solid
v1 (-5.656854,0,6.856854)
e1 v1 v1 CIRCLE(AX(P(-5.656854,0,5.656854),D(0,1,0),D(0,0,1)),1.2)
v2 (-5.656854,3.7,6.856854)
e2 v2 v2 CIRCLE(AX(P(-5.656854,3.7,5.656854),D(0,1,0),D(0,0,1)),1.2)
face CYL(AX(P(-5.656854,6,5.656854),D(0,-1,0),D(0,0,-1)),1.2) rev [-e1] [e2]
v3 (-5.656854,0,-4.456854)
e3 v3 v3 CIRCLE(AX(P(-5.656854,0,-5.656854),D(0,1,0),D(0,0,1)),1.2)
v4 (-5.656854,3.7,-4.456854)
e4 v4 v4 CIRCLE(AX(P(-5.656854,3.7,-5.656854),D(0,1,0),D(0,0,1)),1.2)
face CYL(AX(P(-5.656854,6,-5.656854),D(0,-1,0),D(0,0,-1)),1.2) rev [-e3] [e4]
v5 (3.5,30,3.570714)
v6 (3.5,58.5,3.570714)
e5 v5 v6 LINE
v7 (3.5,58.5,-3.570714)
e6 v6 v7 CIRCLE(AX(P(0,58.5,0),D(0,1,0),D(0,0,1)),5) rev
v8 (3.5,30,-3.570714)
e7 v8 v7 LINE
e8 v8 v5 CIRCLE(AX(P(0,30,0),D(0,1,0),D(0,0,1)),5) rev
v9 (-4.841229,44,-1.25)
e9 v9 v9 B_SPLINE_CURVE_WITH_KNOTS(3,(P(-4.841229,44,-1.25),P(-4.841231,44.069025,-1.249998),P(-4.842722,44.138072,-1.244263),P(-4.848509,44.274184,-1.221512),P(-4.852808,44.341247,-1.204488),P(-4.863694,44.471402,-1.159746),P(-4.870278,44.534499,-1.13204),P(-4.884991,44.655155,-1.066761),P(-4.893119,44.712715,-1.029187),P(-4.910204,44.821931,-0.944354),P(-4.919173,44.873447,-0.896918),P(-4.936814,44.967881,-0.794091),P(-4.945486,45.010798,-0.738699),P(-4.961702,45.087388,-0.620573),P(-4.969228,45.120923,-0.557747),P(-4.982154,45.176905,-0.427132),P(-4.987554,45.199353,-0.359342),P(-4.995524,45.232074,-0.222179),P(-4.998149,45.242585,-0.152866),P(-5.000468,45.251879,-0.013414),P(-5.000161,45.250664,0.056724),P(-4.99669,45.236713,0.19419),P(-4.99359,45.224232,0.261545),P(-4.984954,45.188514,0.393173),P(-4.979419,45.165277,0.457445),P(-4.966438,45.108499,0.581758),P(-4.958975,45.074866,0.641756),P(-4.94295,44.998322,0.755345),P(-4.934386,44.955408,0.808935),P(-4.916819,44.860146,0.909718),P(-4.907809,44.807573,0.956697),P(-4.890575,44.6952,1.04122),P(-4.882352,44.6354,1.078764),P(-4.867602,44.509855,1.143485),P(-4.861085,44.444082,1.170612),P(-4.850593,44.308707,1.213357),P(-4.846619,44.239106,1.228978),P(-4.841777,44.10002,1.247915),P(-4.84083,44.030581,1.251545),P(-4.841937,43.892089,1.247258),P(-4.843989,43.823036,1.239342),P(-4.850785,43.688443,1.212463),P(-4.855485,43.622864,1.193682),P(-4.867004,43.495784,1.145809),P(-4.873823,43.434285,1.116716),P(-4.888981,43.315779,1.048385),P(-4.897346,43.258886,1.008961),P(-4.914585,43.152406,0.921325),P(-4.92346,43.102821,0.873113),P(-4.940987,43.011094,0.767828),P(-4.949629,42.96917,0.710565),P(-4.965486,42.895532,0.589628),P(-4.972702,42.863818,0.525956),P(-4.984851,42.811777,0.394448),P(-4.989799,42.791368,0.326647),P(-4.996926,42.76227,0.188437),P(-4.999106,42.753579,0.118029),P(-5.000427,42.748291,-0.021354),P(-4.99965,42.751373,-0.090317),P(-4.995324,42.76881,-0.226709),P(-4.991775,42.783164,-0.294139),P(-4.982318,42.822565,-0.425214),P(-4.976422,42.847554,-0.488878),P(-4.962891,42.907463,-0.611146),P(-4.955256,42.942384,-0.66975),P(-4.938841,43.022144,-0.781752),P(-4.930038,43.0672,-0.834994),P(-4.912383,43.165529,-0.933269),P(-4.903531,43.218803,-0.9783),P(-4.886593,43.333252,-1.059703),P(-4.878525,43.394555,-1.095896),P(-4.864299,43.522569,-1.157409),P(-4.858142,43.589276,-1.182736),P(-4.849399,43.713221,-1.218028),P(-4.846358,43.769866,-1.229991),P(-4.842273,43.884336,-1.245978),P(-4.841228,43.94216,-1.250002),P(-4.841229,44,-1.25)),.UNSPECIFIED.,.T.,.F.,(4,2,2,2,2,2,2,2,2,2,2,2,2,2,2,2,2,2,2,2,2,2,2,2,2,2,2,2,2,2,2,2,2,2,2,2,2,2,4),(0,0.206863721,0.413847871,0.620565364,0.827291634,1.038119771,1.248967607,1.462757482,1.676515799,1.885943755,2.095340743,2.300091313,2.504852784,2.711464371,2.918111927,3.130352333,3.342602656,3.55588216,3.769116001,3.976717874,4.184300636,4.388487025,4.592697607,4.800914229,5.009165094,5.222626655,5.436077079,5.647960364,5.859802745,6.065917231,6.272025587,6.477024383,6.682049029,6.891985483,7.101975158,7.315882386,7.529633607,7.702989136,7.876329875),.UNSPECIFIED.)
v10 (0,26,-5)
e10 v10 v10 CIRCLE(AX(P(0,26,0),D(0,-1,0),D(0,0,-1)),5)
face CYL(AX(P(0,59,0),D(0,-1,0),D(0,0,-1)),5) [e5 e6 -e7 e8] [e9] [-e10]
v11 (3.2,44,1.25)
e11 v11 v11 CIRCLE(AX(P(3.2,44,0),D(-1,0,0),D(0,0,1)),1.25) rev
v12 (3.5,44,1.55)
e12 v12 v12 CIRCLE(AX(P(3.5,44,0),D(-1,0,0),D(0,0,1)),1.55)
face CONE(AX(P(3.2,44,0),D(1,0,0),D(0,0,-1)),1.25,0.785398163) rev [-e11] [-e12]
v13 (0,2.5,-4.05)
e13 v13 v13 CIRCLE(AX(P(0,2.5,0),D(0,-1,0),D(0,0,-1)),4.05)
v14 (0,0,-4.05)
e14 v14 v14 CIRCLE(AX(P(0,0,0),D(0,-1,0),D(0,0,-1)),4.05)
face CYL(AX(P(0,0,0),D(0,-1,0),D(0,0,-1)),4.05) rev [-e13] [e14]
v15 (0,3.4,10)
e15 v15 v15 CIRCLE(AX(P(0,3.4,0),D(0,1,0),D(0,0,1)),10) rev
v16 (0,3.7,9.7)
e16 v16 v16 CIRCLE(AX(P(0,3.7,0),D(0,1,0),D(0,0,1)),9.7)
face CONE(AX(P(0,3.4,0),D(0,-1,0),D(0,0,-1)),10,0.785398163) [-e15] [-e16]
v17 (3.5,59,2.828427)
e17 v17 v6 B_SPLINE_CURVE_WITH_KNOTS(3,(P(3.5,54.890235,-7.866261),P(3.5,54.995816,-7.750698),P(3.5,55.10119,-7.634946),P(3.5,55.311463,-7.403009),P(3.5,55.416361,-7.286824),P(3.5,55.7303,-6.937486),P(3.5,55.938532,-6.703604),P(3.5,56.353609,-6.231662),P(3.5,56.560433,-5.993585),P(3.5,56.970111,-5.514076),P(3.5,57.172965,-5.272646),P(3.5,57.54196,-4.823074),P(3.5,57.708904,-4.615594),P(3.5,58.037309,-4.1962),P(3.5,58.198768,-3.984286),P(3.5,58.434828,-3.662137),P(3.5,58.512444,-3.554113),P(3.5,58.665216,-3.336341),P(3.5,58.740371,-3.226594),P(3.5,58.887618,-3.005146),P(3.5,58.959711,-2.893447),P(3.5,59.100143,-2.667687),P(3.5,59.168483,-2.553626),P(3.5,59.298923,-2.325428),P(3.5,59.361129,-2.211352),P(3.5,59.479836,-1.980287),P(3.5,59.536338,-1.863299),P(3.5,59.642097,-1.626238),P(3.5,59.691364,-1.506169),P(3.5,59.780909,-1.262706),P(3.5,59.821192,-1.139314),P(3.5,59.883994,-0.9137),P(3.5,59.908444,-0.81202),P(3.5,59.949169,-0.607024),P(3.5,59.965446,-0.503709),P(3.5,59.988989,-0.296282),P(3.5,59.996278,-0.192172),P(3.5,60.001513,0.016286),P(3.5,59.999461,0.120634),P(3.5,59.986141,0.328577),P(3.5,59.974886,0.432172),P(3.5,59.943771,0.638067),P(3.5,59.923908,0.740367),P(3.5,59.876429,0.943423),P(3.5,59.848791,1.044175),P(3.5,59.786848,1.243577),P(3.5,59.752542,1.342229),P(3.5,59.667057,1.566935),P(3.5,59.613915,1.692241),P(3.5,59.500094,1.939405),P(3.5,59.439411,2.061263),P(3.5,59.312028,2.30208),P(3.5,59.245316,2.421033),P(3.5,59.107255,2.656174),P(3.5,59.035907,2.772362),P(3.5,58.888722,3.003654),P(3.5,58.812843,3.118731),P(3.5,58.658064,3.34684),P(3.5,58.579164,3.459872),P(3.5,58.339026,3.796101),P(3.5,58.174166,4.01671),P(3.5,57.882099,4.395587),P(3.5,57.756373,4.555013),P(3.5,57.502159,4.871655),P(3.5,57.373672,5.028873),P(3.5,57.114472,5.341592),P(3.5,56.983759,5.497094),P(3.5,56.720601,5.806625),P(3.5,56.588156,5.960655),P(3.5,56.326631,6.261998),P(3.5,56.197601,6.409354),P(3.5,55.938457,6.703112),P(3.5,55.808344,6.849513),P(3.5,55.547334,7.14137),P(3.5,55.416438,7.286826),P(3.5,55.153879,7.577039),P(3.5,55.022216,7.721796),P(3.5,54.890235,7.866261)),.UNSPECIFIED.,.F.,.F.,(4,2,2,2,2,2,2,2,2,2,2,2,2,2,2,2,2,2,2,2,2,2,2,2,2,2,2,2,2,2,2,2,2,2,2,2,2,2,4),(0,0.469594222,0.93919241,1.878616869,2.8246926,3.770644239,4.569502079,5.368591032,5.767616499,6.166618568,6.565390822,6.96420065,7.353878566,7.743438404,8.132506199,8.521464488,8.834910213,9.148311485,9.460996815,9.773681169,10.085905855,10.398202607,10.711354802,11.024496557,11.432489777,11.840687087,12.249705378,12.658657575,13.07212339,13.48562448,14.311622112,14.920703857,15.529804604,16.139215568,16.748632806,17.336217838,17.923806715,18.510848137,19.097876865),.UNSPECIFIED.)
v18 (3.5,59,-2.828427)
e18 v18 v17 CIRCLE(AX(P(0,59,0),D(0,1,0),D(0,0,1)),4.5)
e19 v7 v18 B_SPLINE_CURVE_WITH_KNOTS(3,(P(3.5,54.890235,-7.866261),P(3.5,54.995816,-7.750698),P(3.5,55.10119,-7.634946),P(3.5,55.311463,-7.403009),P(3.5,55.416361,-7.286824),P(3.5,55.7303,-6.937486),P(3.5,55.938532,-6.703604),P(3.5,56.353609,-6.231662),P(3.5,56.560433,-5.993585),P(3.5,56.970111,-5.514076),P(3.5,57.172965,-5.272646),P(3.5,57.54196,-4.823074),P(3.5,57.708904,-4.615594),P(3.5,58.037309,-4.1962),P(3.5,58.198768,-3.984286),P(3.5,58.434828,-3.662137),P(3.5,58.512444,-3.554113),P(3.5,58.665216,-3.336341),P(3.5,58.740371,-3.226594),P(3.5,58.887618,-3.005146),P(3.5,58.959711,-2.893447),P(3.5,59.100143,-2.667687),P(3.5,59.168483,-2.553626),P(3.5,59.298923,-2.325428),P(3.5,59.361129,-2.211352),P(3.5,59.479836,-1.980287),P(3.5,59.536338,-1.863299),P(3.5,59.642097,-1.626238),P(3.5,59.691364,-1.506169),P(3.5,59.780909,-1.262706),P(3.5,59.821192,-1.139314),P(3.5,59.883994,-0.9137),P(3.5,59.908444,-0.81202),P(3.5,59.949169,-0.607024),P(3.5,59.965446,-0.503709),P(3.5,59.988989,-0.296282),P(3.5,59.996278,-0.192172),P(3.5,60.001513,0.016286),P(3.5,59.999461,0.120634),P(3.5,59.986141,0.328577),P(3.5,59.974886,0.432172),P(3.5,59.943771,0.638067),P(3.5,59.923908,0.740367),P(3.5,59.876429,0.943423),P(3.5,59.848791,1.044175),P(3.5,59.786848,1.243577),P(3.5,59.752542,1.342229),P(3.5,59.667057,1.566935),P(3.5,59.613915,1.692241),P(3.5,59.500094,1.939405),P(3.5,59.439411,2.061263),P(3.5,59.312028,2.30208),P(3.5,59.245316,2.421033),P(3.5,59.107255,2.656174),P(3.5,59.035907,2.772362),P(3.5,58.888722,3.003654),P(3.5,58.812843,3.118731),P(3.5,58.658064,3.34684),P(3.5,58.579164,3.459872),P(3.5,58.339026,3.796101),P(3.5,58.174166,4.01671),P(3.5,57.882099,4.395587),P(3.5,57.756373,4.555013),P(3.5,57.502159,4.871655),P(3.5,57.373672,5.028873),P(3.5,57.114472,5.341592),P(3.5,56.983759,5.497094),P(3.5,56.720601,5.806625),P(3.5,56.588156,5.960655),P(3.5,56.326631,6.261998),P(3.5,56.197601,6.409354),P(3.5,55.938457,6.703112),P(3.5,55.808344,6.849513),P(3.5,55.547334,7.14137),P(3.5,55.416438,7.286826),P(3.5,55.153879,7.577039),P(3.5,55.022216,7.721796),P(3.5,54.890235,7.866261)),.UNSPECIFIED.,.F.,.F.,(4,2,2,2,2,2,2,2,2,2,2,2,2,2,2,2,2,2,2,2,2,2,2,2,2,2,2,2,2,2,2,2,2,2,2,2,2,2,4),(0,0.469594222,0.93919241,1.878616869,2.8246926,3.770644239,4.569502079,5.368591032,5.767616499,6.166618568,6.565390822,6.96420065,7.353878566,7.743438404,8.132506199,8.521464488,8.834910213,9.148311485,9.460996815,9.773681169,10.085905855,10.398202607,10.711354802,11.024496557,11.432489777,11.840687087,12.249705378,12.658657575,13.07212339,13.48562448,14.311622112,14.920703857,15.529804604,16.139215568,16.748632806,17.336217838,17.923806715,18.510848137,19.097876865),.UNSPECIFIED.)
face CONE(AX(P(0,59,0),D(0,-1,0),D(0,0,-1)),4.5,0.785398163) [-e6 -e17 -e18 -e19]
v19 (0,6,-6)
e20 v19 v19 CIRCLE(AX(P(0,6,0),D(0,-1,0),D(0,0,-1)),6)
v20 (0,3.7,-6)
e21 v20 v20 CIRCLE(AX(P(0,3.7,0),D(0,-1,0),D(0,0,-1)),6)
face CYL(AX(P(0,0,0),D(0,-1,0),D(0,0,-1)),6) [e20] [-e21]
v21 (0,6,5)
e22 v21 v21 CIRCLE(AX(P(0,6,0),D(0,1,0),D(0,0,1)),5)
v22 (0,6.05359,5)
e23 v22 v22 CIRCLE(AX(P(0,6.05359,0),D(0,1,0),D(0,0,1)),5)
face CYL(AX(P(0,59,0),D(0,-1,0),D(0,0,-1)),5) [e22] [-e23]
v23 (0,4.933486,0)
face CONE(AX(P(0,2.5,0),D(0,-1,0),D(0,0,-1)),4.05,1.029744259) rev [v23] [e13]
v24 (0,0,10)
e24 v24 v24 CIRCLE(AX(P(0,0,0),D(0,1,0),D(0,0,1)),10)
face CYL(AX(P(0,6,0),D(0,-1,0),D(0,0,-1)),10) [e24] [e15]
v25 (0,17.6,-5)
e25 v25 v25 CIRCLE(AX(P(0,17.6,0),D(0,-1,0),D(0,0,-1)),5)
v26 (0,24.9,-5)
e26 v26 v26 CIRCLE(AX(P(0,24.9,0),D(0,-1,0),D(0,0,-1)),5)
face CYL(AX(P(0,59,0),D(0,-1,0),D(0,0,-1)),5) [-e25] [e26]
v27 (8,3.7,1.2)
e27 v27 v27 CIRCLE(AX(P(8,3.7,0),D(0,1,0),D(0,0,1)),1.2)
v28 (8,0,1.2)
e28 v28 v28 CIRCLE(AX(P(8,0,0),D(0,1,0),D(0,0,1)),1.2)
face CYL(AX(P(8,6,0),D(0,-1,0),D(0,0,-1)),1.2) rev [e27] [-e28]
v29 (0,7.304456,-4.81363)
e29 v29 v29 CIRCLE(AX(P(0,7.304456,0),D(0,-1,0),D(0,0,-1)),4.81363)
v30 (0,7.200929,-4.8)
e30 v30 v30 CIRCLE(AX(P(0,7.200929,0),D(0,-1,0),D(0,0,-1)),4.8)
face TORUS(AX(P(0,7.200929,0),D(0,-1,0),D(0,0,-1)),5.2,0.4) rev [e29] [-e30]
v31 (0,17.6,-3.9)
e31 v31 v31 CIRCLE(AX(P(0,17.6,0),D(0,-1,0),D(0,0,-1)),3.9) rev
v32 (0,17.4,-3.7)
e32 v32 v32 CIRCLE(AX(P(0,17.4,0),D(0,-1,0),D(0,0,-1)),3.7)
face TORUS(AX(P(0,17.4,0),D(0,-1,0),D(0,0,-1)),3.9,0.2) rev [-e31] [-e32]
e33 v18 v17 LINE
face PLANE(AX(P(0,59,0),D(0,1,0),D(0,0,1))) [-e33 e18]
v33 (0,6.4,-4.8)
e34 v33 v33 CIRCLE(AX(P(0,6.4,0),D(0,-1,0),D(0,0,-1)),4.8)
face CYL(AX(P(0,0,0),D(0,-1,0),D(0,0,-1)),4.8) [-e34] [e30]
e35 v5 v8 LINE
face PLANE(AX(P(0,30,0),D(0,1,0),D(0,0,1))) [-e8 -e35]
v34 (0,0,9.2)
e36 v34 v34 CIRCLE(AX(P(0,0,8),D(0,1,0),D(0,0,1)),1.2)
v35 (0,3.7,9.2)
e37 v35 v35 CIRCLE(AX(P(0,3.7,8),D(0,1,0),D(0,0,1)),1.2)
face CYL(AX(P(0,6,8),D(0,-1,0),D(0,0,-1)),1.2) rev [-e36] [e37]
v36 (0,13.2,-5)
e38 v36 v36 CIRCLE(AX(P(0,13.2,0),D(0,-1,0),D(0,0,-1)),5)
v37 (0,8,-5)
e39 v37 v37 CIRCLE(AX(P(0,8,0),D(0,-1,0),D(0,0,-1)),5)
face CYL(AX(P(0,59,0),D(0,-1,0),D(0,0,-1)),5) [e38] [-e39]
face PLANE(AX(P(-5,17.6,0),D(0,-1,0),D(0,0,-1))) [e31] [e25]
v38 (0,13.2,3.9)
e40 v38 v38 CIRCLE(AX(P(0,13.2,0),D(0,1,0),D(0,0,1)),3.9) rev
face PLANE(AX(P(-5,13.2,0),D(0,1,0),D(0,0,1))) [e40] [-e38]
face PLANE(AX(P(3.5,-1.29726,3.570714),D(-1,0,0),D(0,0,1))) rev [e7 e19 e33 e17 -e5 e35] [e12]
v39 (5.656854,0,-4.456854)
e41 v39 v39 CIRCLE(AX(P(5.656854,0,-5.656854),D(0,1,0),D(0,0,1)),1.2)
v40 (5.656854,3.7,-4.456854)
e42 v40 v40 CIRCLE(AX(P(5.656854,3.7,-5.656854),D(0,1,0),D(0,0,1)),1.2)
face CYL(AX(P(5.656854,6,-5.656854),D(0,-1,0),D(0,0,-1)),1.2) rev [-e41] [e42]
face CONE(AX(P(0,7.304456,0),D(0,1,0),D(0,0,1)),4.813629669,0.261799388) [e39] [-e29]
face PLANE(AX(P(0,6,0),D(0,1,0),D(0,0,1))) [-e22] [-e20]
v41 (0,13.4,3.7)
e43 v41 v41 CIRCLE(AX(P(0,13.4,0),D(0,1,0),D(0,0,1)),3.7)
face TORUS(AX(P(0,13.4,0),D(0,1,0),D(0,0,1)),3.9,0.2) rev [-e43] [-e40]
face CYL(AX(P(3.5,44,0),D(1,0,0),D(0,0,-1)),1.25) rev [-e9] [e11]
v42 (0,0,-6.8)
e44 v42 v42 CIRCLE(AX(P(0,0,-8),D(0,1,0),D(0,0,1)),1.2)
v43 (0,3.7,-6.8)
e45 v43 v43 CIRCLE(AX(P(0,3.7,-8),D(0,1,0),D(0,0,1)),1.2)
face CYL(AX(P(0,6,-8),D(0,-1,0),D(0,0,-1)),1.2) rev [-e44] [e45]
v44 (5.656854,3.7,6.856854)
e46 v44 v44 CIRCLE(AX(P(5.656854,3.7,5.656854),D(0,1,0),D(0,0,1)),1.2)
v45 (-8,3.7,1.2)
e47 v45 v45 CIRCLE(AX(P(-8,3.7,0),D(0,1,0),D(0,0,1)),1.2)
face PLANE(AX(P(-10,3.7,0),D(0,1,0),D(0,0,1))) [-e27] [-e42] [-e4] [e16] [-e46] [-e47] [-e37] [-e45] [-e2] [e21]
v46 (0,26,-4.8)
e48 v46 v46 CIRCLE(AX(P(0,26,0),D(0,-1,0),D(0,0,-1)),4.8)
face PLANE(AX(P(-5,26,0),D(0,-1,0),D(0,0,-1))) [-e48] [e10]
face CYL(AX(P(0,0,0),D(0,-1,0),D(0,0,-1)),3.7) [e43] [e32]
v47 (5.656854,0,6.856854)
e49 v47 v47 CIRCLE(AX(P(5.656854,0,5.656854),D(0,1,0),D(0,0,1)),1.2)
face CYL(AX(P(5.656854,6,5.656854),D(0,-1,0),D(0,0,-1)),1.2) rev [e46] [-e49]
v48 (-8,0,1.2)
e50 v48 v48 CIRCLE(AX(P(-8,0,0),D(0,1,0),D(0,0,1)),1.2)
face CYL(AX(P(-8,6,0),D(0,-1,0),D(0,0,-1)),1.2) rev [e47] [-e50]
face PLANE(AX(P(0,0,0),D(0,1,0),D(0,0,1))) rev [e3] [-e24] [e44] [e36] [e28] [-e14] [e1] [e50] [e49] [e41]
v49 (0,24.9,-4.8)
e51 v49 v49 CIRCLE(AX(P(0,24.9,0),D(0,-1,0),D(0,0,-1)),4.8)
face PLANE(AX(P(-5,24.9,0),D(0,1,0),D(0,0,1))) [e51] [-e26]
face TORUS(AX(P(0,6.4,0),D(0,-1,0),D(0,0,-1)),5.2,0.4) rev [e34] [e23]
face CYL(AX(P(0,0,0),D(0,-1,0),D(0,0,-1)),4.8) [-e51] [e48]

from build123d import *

# Parameters (mm, degrees)
SCHIZZO1_R                   = 10
SCHIZZO1_R_2                 = 1.2
ESTRUSIONE_ESTRUSIONE1_DEPTH = 6
SCHIZZO2_R                   = 5
ESTRUSIONE_ESTRUSIONE2_DEPTH = 53
SCHIZZO9_W                   = 4
SCHIZZO9_H                   = 2.3
SMUSSO3_SIZE                 = 0.3
FORO_8_1_8_1_1_D             = 8.1
FORO_8_1_8_1_1_DEPTH         = 2
FORO_8_1_8_1_1_TIP           = 2.433485507
SMUSSO5_SIZE                 = 0.5
TAGLIO_ESTRUSIONE1_START     = -29
TAGLIO_ESTRUSIONE1_DEPTH     = 29
PREFORO_DA_MASCHIARE_M3_1_D  = 2.5
SMUSSO4_SIZE                 = 0.3
FORO_8_1_8_1_2_D             = 8.1
FORO_8_1_8_1_2_DEPTH         = 2.5
FORO_8_1_8_1_2_TIP           = 2.433485507
SCHIZZO17_W                  = 1.3
SCHIZZO17_H                  = 4.4
RACCORDO1_R                  = 0.2
SCHIZZO18_W                  = 0.2
SCHIZZO18_H                  = 1.1


with BuildPart() as part:
    # Schizzo1 → Estrusione-Estrusione1 (new body)
    with BuildSketch(Plane(origin=(0, 0, 0), x_dir=(1, 0, 0), z_dir=(0, 1, 0))):
        with Locations(Location((0, 0, 0), (0, 0, 270))):
            Circle(SCHIZZO1_R)
        with Locations(Location((0, 8, 0), (0, 0, 270))):
            Circle(SCHIZZO1_R_2, mode=Mode.SUBTRACT)
        with Locations(Location((5.656854249, 5.656854249, 0), (0, 0, 270))):
            Circle(SCHIZZO1_R_2, mode=Mode.SUBTRACT)
        with Locations(Location((8, 0, 0), (0, 0, 270))):
            Circle(SCHIZZO1_R_2, mode=Mode.SUBTRACT)
        with Locations(Location((5.656854249, -5.656854249, 0), (0, 0, 270))):
            Circle(SCHIZZO1_R_2, mode=Mode.SUBTRACT)
        with Locations(Location((0, -8, 0), (0, 0, 270))):
            Circle(SCHIZZO1_R_2, mode=Mode.SUBTRACT)
        with Locations(Location((-5.656854249, -5.656854249, 0), (0, 0, 270))):
            Circle(SCHIZZO1_R_2, mode=Mode.SUBTRACT)
        with Locations(Location((-8, 0, 0), (0, 0, 270))):
            Circle(SCHIZZO1_R_2, mode=Mode.SUBTRACT)
        with Locations(Location((-5.656854249, 5.656854249, 0), (0, 0, 270))):
            Circle(SCHIZZO1_R_2, mode=Mode.SUBTRACT)
    extrude(amount=ESTRUSIONE_ESTRUSIONE1_DEPTH)

    # Schizzo2 → Estrusione-Estrusione2 (add)
    with BuildSketch(Plane(origin=(0, 6, 0), x_dir=(1, 0, 0), z_dir=(0, 1, 0))):
        with Locations(Location((0, 0, 0), (0, 0, 270))):
            Circle(SCHIZZO2_R)
    extrude(amount=ESTRUSIONE_ESTRUSIONE2_DEPTH)

    # Schizzo9 → Taglia-Rivoluzione3 (revolve, cut)
    with BuildSketch(Plane.XY, mode=Mode.PRIVATE) as taglia_rivoluzione3_sk:
        with Locations((-8, 4.85)):
            Rectangle(SCHIZZO9_W, SCHIZZO9_H)
    revolve(taglia_rivoluzione3_sk.sketch.rotate(Axis((0, 0, 0), (0, 1, 0)), 270), axis=Axis((0, 0, 0), (0, 1, 0)), mode=Mode.SUBTRACT)

    # Smusso3
    smusso3_edges = [part.edges().sort_by_distance(p)[0] for p in [
        (0, 3.7, -10),
    ]]
    chamfer(smusso3_edges, length=SMUSSO3_SIZE)

    # Schizzo4 → Taglia-Rivoluzione2 (revolve, cut)
    with BuildSketch(Plane.XY, mode=Mode.PRIVATE) as taglia_rivoluzione2_sk:
        with BuildLine():
            Line((-5, 8), (-4.813629669, 7.304456457))
            ThreePointArc((-4.813629669, 7.304456457), (-4.803422055, 7.253139316), (-4.8, 7.200928839))
            Line((-4.8, 7.200928839), (-4.8, 6.4))
            ThreePointArc((-4.8, 6.4), (-4.917157288, 6.117157288), (-5.2, 6))
            Line((-5.2, 6), (-7, 6))
            Line((-7, 6), (-7, 8))
            Line((-7, 8), (-5, 8))
        make_face()
    revolve(taglia_rivoluzione2_sk.sketch.rotate(Axis((0, 0, 0), (0, 1, 0)), 270), axis=Axis((0, 0, 0), (0, 1, 0)), mode=Mode.SUBTRACT)

    # Foro Ø8.1 (8.1)-1
    with Locations(Plane.XZ):
        with Locations((0, 0)):
            Hole(FORO_8_1_8_1_1_D / 2, depth=FORO_8_1_8_1_1_DEPTH)
            with Locations((0, 0, -(FORO_8_1_8_1_1_DEPTH + FORO_8_1_8_1_1_TIP / 2))):  # 118° drill point
                Cone(0, FORO_8_1_8_1_1_D / 2, FORO_8_1_8_1_1_TIP, mode=Mode.SUBTRACT)

    # Smusso5
    smusso5_edges = [part.edges().sort_by_distance(p)[0] for p in [
        (0, 59, -5),
    ]]
    chamfer(smusso5_edges, length=SMUSSO5_SIZE)

    # Schizzo10 → Taglio-Estrusione1 (cut)
    with BuildSketch(Plane(origin=(0, 59, 0), x_dir=(1, 0, 0), z_dir=(0, 1, 0)).offset(TAGLIO_ESTRUSIONE1_START)):
        with BuildLine():
            Line((3.5, -3.570714214), (3.5, 3.570714214))
            ThreePointArc((3.5, 3.570714214), (5, 0), (3.5, -3.570714214))
        make_face()
    extrude(amount=TAGLIO_ESTRUSIONE1_DEPTH, mode=Mode.SUBTRACT)

    # Preforo da maschiare M3-1 (through all)
    with Locations(Plane(origin=(3.5, 0, 0), x_dir=(0, 0, -1), z_dir=(1, 0, 0))):
        with Locations((0, 44)):
            Hole(PREFORO_DA_MASCHIARE_M3_1_D / 2)

    # Smusso4
    smusso4_edges = [part.edges().sort_by_distance(p)[0] for p in [
        (3.5, 44, -1.25),
    ]]
    chamfer(smusso4_edges, length=SMUSSO4_SIZE)

    # Foro Ø8.1 (8.1)-2
    with Locations(Plane.XZ):
        with Locations((0, 0)):
            Hole(FORO_8_1_8_1_2_D / 2, depth=FORO_8_1_8_1_2_DEPTH)
            with Locations((0, 0, -(FORO_8_1_8_1_2_DEPTH + FORO_8_1_8_1_2_TIP / 2))):  # 118° drill point
                Cone(0, FORO_8_1_8_1_2_D / 2, FORO_8_1_8_1_2_TIP, mode=Mode.SUBTRACT)

    # Schizzo17 → Taglia-Rivoluzione4 (revolve, cut)
    with BuildSketch(Plane.XY, mode=Mode.PRIVATE) as taglia_rivoluzione4_sk:
        with Locations((-4.35, 15.4)):
            Rectangle(SCHIZZO17_W, SCHIZZO17_H)
    revolve(taglia_rivoluzione4_sk.sketch.rotate(Axis((0, 0, 0), (0, 1, 0)), 270), axis=Axis((0, 0, 0), (0, 1, 0)), mode=Mode.SUBTRACT)

    # Raccordo1
    raccordo1_edges = [part.edges().sort_by_distance(p)[0] for p in [
        (0, 13.2, 3.7),
        (0, 17.6, 3.7),
    ]]
    fillet(raccordo1_edges, radius=RACCORDO1_R)

    # Schizzo18 → Taglia-Rivoluzione5 (revolve, cut)
    with BuildSketch(Plane.XY, mode=Mode.PRIVATE) as taglia_rivoluzione5_sk:
        with Locations((-4.9, 25.45)):
            Rectangle(SCHIZZO18_W, SCHIZZO18_H)
    revolve(taglia_rivoluzione5_sk.sketch.rotate(Axis((0, 0, 0), (0, 1, 0)), 270), axis=Axis((0, 0, 0), (0, 1, 0)), mode=Mode.SUBTRACT)


solid = part.part
